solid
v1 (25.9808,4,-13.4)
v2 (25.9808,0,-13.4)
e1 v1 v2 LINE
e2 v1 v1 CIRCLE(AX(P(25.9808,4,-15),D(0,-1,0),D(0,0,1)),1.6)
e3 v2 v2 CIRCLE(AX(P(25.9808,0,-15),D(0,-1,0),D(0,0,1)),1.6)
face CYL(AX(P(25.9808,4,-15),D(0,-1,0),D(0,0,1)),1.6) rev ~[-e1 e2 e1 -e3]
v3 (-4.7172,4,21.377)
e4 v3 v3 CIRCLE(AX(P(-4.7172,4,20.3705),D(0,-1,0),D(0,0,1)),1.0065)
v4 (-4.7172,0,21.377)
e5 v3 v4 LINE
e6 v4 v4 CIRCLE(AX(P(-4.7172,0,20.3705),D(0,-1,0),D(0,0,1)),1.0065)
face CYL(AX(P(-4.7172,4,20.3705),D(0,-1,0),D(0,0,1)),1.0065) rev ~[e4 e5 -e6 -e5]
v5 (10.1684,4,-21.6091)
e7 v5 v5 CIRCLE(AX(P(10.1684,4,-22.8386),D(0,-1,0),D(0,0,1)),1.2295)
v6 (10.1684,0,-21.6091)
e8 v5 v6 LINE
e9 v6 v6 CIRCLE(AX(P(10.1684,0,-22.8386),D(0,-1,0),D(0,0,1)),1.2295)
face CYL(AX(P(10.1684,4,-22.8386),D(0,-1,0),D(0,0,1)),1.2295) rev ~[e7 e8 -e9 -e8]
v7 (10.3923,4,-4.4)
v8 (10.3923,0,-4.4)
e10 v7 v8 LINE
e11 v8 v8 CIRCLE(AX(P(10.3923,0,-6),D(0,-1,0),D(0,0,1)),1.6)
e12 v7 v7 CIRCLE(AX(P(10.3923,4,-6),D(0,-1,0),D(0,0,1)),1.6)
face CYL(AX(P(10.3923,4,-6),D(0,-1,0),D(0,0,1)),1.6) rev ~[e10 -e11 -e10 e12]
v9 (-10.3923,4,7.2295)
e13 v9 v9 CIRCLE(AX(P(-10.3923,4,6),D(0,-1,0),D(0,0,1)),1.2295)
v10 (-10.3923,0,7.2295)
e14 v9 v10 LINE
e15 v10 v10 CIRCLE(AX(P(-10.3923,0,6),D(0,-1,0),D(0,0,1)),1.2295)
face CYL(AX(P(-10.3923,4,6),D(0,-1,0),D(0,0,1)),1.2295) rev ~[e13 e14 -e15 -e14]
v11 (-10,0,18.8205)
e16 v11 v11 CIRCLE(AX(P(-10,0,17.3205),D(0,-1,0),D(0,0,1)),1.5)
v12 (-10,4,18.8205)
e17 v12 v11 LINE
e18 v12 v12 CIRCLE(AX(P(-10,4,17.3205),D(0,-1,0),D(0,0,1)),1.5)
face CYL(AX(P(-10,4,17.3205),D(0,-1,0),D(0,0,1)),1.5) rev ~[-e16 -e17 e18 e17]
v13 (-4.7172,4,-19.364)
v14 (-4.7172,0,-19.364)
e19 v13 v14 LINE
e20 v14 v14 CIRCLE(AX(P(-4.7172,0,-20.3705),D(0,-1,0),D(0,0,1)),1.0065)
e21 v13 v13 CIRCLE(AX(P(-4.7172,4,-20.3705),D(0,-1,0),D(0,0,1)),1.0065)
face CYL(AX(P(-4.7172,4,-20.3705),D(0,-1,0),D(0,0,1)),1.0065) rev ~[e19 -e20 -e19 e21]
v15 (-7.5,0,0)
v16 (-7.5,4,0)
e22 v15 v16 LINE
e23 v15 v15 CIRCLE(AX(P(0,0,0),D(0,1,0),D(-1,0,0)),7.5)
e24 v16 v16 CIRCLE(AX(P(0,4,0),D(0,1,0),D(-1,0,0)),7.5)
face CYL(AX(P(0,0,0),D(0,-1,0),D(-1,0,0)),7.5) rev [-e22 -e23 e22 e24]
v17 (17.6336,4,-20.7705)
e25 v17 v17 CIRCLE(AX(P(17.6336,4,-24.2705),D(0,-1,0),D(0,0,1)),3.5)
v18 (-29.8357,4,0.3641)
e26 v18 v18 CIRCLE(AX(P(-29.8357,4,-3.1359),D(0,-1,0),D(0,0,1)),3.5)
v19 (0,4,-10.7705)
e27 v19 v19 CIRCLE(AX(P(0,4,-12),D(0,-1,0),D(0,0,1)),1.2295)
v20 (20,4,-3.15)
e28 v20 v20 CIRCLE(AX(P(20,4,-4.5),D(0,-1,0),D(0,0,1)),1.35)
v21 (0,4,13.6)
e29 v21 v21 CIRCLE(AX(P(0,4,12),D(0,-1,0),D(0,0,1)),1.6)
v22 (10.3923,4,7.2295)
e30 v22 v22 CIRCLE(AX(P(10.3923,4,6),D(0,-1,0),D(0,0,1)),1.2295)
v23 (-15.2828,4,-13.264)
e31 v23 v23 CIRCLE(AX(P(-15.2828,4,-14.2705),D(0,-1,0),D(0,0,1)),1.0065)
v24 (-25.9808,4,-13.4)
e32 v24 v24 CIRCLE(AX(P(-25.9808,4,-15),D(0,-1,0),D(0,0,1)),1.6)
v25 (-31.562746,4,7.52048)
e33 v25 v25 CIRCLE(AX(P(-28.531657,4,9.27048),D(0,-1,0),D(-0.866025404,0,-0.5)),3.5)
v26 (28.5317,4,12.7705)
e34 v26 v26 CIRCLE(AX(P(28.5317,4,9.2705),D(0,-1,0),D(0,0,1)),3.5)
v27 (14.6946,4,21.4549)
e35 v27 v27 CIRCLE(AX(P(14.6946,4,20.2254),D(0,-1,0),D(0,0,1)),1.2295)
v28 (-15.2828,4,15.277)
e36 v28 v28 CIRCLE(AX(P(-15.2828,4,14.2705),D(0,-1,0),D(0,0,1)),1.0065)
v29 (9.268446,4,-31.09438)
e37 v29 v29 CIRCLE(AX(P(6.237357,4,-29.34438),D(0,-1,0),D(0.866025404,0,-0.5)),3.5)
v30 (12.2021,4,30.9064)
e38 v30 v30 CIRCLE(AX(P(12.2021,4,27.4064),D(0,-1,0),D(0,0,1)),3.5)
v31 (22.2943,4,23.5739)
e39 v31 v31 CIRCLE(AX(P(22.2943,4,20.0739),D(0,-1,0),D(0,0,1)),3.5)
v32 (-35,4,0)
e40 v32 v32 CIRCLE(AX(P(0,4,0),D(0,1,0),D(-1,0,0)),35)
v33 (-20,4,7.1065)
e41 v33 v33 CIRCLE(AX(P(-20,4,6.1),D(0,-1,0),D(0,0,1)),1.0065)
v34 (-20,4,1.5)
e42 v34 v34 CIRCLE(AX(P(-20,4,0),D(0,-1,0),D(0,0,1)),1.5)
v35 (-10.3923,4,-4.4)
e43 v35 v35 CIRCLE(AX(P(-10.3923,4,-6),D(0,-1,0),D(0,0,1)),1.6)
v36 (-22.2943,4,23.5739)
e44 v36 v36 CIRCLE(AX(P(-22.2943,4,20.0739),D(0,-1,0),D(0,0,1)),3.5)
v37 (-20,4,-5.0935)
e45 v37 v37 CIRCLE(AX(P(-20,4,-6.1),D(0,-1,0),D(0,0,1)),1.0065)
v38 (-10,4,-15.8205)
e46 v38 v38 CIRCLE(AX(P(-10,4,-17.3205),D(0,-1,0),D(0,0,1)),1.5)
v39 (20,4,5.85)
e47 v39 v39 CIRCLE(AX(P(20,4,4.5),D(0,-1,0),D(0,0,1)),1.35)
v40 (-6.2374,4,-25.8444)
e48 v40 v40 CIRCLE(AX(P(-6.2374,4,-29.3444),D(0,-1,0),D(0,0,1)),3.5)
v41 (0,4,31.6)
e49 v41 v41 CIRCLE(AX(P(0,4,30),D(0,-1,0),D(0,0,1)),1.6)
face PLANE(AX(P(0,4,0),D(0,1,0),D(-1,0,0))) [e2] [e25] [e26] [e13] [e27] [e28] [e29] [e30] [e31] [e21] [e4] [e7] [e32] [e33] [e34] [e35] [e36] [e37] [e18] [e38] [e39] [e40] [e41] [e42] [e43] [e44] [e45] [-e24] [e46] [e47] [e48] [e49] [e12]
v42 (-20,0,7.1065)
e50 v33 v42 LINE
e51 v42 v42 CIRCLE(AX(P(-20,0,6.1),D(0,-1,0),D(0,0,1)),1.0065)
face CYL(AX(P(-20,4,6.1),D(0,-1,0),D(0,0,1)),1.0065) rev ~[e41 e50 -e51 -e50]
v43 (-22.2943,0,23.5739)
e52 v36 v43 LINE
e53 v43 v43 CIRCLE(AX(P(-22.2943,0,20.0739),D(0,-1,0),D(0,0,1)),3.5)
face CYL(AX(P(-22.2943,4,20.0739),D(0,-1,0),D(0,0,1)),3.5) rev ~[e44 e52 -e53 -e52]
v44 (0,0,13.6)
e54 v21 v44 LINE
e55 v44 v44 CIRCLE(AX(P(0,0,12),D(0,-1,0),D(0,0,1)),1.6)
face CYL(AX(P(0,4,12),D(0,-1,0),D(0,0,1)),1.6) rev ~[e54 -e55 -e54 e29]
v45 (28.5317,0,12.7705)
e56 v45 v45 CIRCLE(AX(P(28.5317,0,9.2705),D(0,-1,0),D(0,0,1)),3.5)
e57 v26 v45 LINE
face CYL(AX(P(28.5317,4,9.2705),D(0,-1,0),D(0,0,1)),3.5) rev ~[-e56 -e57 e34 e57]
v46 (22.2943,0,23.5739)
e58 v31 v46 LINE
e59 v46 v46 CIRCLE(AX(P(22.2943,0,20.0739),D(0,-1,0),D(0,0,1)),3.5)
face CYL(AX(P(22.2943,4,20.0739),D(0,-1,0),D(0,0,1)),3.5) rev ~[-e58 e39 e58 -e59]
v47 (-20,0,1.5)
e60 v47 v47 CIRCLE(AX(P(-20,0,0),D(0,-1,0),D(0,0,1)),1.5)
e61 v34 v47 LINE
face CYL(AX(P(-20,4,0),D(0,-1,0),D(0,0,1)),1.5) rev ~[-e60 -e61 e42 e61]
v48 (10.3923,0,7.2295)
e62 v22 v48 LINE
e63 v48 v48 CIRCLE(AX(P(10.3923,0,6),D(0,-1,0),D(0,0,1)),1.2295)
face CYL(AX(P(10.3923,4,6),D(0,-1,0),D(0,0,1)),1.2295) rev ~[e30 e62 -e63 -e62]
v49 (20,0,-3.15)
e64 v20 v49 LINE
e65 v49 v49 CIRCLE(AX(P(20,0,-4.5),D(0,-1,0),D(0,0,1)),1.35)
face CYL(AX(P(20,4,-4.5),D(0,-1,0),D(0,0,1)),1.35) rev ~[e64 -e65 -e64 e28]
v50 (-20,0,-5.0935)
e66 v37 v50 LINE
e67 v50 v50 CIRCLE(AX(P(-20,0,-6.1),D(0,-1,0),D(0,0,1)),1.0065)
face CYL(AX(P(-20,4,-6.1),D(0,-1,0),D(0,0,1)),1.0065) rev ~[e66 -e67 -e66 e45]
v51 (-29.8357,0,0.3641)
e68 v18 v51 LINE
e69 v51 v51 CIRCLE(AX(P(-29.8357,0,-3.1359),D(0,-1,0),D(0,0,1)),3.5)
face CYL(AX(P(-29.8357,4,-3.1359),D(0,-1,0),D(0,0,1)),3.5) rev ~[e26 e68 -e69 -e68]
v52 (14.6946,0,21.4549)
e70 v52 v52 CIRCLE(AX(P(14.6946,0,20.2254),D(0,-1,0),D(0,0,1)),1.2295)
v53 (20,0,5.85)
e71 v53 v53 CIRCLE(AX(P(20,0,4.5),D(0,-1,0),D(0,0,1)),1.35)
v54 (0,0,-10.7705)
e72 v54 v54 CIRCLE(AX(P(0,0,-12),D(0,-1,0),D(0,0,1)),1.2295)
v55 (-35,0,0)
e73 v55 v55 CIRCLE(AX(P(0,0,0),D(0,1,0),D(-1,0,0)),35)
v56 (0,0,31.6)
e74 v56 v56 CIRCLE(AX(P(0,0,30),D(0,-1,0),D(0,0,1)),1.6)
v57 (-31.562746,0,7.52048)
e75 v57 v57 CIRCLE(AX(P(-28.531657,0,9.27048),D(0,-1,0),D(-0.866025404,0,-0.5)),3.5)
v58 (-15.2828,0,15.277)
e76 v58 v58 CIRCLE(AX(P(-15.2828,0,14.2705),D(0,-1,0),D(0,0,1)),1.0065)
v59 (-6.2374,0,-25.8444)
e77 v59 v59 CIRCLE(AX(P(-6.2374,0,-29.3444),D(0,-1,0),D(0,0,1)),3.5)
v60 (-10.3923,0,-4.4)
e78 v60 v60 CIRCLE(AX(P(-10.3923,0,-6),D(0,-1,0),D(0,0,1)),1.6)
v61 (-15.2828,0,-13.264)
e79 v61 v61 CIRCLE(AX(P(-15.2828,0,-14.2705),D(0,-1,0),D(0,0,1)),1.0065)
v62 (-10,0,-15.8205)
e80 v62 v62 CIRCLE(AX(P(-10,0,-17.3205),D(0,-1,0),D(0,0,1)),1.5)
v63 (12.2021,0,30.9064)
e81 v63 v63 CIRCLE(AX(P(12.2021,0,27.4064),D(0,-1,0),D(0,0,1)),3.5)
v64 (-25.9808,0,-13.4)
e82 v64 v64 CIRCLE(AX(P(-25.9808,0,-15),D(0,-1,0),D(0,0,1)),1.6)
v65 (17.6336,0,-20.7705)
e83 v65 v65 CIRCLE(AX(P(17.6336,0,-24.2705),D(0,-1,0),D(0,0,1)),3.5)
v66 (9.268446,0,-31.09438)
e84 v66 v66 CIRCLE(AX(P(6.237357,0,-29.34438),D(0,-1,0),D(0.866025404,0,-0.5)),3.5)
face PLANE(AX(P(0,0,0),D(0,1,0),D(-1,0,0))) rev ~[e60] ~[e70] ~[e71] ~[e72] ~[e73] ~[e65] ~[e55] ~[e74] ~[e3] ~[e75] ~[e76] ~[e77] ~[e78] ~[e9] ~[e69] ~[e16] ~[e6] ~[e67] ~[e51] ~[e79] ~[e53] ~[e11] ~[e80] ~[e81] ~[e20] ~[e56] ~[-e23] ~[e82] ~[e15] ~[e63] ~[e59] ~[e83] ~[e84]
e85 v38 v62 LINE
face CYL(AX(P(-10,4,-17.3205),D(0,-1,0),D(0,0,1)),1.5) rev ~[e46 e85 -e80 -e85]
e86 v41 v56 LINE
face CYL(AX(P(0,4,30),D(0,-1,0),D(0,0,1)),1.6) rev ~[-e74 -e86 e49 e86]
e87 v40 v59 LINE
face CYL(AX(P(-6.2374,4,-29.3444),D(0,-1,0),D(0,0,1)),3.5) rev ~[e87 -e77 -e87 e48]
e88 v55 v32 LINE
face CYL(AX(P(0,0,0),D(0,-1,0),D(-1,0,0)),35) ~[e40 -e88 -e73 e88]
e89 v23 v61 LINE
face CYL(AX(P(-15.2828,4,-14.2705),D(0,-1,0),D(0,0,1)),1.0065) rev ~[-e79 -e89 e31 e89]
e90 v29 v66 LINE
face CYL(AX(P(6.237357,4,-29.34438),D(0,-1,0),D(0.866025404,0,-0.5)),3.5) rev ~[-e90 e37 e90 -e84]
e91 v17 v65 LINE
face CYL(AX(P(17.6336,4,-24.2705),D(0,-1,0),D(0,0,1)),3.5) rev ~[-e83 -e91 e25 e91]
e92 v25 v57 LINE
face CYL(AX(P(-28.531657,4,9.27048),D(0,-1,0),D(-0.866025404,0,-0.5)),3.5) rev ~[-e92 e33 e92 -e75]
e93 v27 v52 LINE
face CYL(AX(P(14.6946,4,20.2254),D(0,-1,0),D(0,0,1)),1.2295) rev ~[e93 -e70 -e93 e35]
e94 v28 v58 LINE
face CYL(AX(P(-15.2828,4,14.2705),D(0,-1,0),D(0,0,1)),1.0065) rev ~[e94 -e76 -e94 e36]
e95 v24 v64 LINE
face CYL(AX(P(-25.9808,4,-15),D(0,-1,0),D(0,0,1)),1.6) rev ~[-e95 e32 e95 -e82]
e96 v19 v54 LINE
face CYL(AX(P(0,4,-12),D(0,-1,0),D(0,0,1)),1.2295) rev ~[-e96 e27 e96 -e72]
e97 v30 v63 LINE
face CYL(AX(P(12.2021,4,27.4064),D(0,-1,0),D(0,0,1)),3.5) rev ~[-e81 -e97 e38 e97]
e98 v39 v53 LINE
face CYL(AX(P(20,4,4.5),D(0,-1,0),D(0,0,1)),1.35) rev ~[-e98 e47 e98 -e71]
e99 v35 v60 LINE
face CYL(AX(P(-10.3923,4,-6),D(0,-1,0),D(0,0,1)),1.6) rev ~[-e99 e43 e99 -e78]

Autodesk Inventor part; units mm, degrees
ref_plane "YZ Plane" through (0, 0, 0) normal (1, 0, 0) x (0, 1, 0)
ref_plane "XZ Plane" through (0, 0, 0) normal (0, 1, 0) x (-1, 0, 0)
ref_plane "XY Plane" through (0, 0, 0) normal (0, 0, 1) x (1, 0, 0)
sketch "Sketch1" plane through (0, 0, 0) normal (0, 1, 0) x (-1, 0, 0)
  circle A0 centre (0, 0) radius 35
  circle A1 centre (0, 0) radius 7.5
  dimension "d0" = 70
  dimension "d129" = 15
extrude "Extrusion1" add sketch "Sketch1" along normal blind 4
sketch "Sketch2" plane through (0, 4, 0) normal (0, 1, 0) x (1, 0, 0)
  circle A0 centre (0, 0) radius 30 construction
  point P0 (0, -30)
  point P1 (-25.9808, 15)
  point P2 (25.9808, 15)
  dimension "d130" = 60
  dimension "d131" = 120
  dimension "d132" = 120
hole "Hole1" at (-25.9808, 4, -15) at (25.9808, 4, -15) at (0, 4, 30) direction (0, -1, 0) diameter 3.2 end through all
sketch "Sketch15" plane through (0, 4, 0) normal (0, 1, 0) x (1, 0, 0)
  circle A0 centre (0, 0) radius 30 construction
  circle A1 centre (0, -30) radius 1.6 projected
  line L0 (0, 0) -> (0, -30) construction
  point P0 (12.2021, -27.4064)
  point P1 (0, -15)
  point P2 (17.6336, 24.2705)
  point P3 (-29.8357, 3.1359)
  point P4 (-22.2943, -20.0739)
  point P5 (28.5317, -9.2705)
  point P6 (-6.2374, 29.3444)
  dimension "d137" = 60
  dimension "d138" = 24
  dimension "d141" = 360
  dimension "d143" = 48
  dimension "d146" = 360
hole "Hole13" at (12.2021, 4, 27.4064) at (17.6336, 4, -24.2705) at (-29.8357, 4, -3.1359) at (-22.2943, 4, 20.0739) at (28.5317, 4, 9.2705) at (-6.2374, 4, -29.3444) direction (0, -1, 0) diameter 7 end through all
sketch "Sketch16" plane through (0, 4, 0) normal (0, 1, 0) x (1, 0, 0)
  circle A0 centre (0, 0) radius 12 construction
  point P0 (0, -12)
  point P1 (-10.3923, 6)
  point P2 (10.3923, 6)
  dimension "d155" = 24
  dimension "d156" = 120
  dimension "d157" = 120
hole "Hole14" at (0, 4, 12) at (-10.3923, 4, -6) at (10.3923, 4, -6) direction (0, -1, 0) diameter 3.2 end through all
sketch "Sketch17" plane through (0, 4, 0) normal (0, 1, 0) x (1, 0, 0)
  circle A0 centre (0, 0) radius 12 construction
  point P0 (0, 12)
  point P1 (-10.3923, -6)
  point P2 (10.3923, -6)
  dimension "d165" = 24
  dimension "d166" = 120
  dimension "d167" = 120
hole "Hole15" at (0, 4, -12) at (-10.3923, 4, 6) at (10.3923, 4, 6) direction (0, -1, 0) diameter 2.459 end through all thread size "M3x0.5" class "6H" standard "ANSI Metric M Profile"
sketch "Sketch18" plane through (0, 4, 0) normal (0, 1, 0) x (1, 0, 0)
  point P0 (0, 0)
  point P1 (20, 4.5)
  point P2 (20, -4.5)
  dimension "d175" = 9
  dimension "d176" = 4.5
  dimension "d177" = 20
hole "Hole16" at (20, 4, -4.5) at (20, 4, 4.5) direction (0, -1, 0) diameter 2.7 end through all
sketch "Sketch19" plane through (0, 4, 0) normal (0, 1, 0) x (1, 0, 0)
  circle A0 centre (0, 0) radius 20 construction
  point P0 (-20, 0)
  point P1 (-10, 17.3205)
  point P2 (-10, -17.3205)
  dimension "d185" = 40
  dimension "d186" = 60
  dimension "d187" = 60
hole "Hole17" at (-20, 4, 0) at (-10, 4, -17.3205) at (-10, 4, 17.3205) direction (0, -1, 0) diameter 3 end through all
sketch "Sketch20" plane through (0, 4, 0) normal (0, 1, 0) x (1, 0, 0)
  circle A0 centre (-20, 0) radius 1.5 projected
  point P0 (0, 0)
  point P1 (-20, 6.1)
  point P2 (-20, -6.1)
  point P3 (-4.7172, -20.3705)
  point P4 (-15.2828, -14.2705)
  point P5 (-15.2828, 14.2705)
  point P6 (-4.7172, 20.3705)
  point P7 (0, 0)
  dimension "d195" = 12.2
  dimension "d196" = 6.1
  dimension "d199" = 60
  dimension "d203" = 60
hole "Hole18" at (-20, 4, -6.1) at (-20, 4, 6.1) at (-4.7172, 4, 20.3705) at (-15.2828, 4, 14.2705) at (-15.2828, 4, -14.2705) at (-4.7172, 4, -20.3705) direction (0, -1, 0) diameter 2.013 end through all thread size "M2.5x0.45" class "6H" standard "ANSI Metric M Profile"
sketch "Sketch21" plane through (0, 4, 0) normal (0, 1, 0) x (1, 0, 0)
  circle A0 centre (0, 0) radius 25 construction
  circle A1 centre (0, -30) radius 1.6 projected
  point P0 (14.6946, -20.2254)
  point P1 (10.1684, 22.8386)
  dimension "d212" = 50
  dimension "d222" = 120
  dimension "d223" = 36
hole "Hole19" at (14.6946, 4, 20.2254) at (10.1684, 4, -22.8386) direction (0, -1, 0) diameter 2.459 end through all thread size "M3x0.5" class "6H" standard "ANSI Metric M Profile"
sketch "Sketch22" plane through (0, 4, 0) normal (0, 1, 0) x (1, 0, 0)
  circle A0 centre (28.5317, -9.2705) radius 3.5 projected
  line L0 (0, 0) -> (28.5317, -9.2705) construction
  circle A1 centre (12.2021, -27.4064) radius 3.5 projected
  line L1 (0, 0) -> (12.2021, -27.4064) construction
  circle A2 centre (0, 0) radius 30 construction
  line L2 (0, 0) -> (22.2943, -20.0739) construction
  dimension "d224" = 48
  dimension "d227" = 24
hole "Hole20" at (22.2943, 4, 20.0739) direction (0, -1, 0) diameter 7 end through all
pattern_circular "Circular Pattern5" count 3 over 360 about axis through (0, 0, 0) along (0, 1, 0) of "Hole20"
equation "\"d176\" = 0.5 * d175"
equation "\"d196\" = 0.5 * d195"
equation "\"d227\" = 0.5 * d224"
properties part number "TopRing-2023-1" material "Copper"
